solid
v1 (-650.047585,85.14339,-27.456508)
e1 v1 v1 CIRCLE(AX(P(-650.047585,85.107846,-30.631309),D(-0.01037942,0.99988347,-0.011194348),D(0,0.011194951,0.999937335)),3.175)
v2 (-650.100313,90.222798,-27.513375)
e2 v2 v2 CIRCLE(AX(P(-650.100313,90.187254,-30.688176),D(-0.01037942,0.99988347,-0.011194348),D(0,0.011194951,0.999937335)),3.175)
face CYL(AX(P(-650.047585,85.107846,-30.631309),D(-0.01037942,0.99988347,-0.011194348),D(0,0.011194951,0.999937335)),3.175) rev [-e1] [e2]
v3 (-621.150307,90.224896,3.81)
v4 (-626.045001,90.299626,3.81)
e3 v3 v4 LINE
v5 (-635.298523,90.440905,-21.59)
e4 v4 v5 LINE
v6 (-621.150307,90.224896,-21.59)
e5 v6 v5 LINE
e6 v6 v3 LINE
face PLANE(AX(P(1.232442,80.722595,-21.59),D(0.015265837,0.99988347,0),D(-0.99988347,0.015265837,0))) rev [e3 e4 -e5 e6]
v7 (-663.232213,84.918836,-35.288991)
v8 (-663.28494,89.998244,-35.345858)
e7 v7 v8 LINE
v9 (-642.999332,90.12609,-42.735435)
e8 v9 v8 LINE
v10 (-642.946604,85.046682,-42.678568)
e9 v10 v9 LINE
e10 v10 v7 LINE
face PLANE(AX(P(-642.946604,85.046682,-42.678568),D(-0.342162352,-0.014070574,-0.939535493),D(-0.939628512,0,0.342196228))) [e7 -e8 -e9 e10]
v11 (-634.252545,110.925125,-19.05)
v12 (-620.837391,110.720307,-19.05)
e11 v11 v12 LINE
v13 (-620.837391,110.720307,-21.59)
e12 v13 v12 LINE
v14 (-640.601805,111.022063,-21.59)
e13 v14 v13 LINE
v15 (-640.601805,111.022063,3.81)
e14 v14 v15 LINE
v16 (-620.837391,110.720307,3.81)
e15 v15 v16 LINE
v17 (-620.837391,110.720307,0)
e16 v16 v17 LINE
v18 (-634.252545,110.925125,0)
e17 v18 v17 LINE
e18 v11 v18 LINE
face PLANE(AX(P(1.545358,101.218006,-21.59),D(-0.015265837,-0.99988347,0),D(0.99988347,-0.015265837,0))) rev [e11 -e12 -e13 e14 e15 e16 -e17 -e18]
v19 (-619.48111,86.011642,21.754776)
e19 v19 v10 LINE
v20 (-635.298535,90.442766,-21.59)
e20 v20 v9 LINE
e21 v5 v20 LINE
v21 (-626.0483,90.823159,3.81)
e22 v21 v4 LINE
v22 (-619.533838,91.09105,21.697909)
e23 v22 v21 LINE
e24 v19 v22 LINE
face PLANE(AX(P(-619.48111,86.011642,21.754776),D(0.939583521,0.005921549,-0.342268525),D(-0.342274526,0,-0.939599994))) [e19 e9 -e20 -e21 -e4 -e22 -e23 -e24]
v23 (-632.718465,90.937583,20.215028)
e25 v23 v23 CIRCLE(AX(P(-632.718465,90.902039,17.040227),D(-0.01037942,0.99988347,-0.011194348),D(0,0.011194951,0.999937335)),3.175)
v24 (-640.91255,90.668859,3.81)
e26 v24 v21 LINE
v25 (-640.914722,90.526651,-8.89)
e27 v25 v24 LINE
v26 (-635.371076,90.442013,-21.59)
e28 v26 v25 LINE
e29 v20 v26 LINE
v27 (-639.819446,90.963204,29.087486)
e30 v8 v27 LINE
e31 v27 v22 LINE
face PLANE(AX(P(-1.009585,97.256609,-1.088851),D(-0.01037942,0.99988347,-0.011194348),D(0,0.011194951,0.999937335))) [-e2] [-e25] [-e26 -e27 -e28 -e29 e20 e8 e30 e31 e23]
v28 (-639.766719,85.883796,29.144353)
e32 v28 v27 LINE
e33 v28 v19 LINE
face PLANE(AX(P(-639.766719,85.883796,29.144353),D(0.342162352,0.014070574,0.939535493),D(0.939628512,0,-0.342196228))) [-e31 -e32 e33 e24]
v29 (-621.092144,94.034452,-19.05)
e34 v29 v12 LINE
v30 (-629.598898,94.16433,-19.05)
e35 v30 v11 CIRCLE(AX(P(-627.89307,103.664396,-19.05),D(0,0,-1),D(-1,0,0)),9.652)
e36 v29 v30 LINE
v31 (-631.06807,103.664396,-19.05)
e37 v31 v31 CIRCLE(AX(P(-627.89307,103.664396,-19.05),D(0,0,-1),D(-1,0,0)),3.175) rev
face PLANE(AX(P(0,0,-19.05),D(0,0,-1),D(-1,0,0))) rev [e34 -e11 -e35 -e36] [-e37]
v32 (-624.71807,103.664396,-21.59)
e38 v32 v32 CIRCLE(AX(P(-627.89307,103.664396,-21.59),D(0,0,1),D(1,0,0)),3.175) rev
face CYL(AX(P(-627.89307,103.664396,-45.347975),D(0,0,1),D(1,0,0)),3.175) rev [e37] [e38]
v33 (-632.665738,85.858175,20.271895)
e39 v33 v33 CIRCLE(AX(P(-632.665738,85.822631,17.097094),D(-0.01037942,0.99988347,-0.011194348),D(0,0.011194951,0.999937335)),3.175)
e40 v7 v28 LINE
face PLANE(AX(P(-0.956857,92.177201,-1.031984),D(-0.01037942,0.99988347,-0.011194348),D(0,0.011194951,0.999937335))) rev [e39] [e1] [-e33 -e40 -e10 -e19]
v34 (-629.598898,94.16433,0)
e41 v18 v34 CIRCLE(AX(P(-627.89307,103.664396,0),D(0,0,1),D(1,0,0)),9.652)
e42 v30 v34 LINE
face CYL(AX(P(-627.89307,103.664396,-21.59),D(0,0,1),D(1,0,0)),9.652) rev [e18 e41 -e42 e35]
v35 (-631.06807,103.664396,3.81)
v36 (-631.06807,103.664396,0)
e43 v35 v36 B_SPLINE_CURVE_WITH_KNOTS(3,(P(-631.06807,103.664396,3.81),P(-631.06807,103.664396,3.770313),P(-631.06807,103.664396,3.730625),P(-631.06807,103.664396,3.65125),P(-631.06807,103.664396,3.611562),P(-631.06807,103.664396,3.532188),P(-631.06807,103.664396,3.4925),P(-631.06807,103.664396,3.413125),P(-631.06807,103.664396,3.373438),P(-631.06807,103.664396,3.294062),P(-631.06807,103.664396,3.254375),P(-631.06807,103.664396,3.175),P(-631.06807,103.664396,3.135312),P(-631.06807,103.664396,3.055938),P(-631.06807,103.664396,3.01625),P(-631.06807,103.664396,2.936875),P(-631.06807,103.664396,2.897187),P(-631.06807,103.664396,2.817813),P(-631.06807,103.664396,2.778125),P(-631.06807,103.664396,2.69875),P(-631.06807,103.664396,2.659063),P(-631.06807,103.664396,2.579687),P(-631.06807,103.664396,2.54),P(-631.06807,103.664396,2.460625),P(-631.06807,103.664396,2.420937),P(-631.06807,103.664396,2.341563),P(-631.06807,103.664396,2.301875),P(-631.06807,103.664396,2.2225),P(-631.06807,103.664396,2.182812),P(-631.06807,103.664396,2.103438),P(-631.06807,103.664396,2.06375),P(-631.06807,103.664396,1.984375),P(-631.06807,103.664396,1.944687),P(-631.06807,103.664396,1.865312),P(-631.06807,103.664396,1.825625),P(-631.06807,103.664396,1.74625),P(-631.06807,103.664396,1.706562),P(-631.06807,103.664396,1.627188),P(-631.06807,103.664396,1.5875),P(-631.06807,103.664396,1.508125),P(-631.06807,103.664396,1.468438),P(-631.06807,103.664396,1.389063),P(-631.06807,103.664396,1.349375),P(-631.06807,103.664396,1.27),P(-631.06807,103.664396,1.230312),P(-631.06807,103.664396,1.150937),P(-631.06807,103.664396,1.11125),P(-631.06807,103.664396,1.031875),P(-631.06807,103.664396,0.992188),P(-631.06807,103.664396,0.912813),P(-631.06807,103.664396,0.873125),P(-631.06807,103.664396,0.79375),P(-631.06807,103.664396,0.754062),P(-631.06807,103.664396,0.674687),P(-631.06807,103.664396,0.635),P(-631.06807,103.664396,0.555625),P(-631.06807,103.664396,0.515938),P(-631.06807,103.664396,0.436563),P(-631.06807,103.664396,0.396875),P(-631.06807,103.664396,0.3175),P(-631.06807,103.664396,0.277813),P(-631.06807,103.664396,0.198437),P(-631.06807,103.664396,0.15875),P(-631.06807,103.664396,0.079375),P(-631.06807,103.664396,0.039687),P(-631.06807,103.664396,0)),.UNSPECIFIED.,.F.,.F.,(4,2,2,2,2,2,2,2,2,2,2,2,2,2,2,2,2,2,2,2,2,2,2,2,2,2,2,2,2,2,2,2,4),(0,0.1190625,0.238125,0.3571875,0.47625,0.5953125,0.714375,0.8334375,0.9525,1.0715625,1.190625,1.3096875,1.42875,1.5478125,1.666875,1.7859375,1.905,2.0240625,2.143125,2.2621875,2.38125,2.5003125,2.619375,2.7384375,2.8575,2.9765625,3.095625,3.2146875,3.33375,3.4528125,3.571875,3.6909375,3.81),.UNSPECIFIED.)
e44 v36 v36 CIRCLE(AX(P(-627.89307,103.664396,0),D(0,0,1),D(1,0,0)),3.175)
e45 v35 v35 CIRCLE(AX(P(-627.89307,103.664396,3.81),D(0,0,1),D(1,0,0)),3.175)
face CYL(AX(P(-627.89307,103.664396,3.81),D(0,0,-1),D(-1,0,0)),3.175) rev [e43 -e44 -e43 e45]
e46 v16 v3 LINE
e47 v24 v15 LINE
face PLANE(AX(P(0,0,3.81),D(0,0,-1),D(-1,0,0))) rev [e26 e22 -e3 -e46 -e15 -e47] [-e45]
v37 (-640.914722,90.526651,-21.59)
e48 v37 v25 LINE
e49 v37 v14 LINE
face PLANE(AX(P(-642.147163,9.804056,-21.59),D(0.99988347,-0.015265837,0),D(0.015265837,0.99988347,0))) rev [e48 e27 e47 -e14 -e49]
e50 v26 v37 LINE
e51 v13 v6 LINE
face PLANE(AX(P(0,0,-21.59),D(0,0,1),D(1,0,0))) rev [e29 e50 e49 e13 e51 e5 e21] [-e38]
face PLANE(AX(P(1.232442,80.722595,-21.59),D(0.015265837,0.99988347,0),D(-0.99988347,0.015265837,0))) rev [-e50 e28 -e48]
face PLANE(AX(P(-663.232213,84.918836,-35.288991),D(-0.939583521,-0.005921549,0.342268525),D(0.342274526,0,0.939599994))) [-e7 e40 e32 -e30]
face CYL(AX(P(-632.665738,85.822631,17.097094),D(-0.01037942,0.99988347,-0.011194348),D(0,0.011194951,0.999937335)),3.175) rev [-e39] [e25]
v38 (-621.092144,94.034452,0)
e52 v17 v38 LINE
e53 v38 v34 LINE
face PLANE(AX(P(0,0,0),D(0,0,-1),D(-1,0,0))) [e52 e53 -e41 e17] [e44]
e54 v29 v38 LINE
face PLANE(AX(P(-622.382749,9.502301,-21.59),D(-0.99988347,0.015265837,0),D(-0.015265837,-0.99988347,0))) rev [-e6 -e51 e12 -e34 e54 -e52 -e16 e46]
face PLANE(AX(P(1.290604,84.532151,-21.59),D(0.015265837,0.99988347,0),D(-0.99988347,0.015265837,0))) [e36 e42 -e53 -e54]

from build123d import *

# Parameters (mm, degrees)
BOSS_EXTRUDE1_DEPTH = 21.59
SKETCH2_R           = 3.175
BOSS_EXTRUDE3_DEPTH = 2.54
BOSS_EXTRUDE4_START = 3.81
SKETCH3_R           = 3.175
BOSS_EXTRUDE4_DEPTH = 3.81
SKETCH4_R           = 3.175
BOSS_EXTRUDE5_DEPTH = 5.08


with BuildPart() as part:
    # Sketch1 → Boss-Extrude1 (new body)
    with BuildSketch(Plane.XY):
        with BuildLine():
            Line((-621.150306902, 90.224895892), (-621.092144063, 94.034451914))
            Line((-621.092144063, 94.034451914), (-629.598897849, 94.164329766))
            ThreePointArc((-629.598897849, 94.164329766), (-632.210560309, 95.031876848), (-634.47123768, 96.601194079))
            ThreePointArc((-634.47123768, 96.601194079), (-637.543945735, 103.811741783), (-634.252545404, 110.925124722))
            Line((-634.252545404, 110.925124722), (-640.60180544, 111.022062787))
            Line((-640.60180544, 111.022062787), (-640.914721516, 90.52665139))
            Line((-640.914721516, 90.52665139), (-621.150306902, 90.224895892))
        make_face()
    extrude(amount=-BOSS_EXTRUDE1_DEPTH)

    # Sketch2 → Boss-Extrude3 (add)
    # profile 1 of 2: a face of its own
    with BuildSketch(Plane(origin=(0, 0, -19.05), x_dir=(-1, 0, 0), z_dir=(0, 0, -1))):
        with BuildLine():
            Line((620.837390826, 110.72030729), (621.056083102, 96.396376647))
            Line((621.056083102, 96.396376647), (634.47123768, 96.601194079))
            ThreePointArc((634.47123768, 96.601194079), (637.543945735, 103.811741783), (634.252545404, 110.925124722))
            Line((634.252545404, 110.925124722), (620.837390826, 110.72030729))
        make_face()
        with Locations(Location((627.893070479, 103.664395923, 0), (0, 0, 180))):
            Circle(SKETCH2_R, mode=Mode.SUBTRACT)
    # profile 2 of 2: a face of its own
    with BuildSketch(Plane(origin=(0, 0, -19.05), x_dir=(-1, 0, 0), z_dir=(0, 0, -1))):
        with BuildLine():
            Line((621.056083102, 96.396376647), (621.092144063, 94.034451914))
            Line((621.092144063, 94.034451914), (629.598897849, 94.164329766))
            ThreePointArc((629.598897849, 94.164329766), (632.210560309, 95.031876848), (634.47123768, 96.601194079))
            Line((634.47123768, 96.601194079), (621.056083102, 96.396376647))
        make_face()
    extrude(amount=BOSS_EXTRUDE3_DEPTH)

    # Sketch3 → Boss-Extrude4 (add)
    with BuildSketch(Plane.XY.offset(BOSS_EXTRUDE4_START)):
        Polygon((-640.60180544, 111.022062787), (-620.837390826, 110.72030729), (-621.150306902, 90.224895892), (-640.914721516, 90.52665139), align=None)
        with Locations((-627.893070479, 103.664395923)):
            Circle(SKETCH3_R, mode=Mode.SUBTRACT)
    extrude(amount=-BOSS_EXTRUDE4_DEPTH)

    # Sketch4 → Boss-Extrude5 (add)
    with BuildSketch(Plane(origin=(-1.009584834, 97.256608571, -1.08885119), x_dir=(0.9999461323694532, 0.010378769561310733, -0.00011619709707159695), z_dir=(-0.010379419992088095, 0.9998834703189057, -0.011194347843893974))):
        Polygon((-662.311032425, 34.336117125), (-638.844274196, -30.103991955), (-618.55757319, -22.71630881), (-642.024331418, 41.723800271), align=None)
        with Locations(Location((-649.125694743, 29.676611224, 0), (0, 0, 270))):
            Circle(SKETCH4_R, mode=Mode.SUBTRACT)
        with Locations(Location((-631.742910871, -18.056802909, 0), (0, 0, 270))):
            Circle(SKETCH4_R, mode=Mode.SUBTRACT)
    extrude(amount=-BOSS_EXTRUDE5_DEPTH)


solid = part.part
